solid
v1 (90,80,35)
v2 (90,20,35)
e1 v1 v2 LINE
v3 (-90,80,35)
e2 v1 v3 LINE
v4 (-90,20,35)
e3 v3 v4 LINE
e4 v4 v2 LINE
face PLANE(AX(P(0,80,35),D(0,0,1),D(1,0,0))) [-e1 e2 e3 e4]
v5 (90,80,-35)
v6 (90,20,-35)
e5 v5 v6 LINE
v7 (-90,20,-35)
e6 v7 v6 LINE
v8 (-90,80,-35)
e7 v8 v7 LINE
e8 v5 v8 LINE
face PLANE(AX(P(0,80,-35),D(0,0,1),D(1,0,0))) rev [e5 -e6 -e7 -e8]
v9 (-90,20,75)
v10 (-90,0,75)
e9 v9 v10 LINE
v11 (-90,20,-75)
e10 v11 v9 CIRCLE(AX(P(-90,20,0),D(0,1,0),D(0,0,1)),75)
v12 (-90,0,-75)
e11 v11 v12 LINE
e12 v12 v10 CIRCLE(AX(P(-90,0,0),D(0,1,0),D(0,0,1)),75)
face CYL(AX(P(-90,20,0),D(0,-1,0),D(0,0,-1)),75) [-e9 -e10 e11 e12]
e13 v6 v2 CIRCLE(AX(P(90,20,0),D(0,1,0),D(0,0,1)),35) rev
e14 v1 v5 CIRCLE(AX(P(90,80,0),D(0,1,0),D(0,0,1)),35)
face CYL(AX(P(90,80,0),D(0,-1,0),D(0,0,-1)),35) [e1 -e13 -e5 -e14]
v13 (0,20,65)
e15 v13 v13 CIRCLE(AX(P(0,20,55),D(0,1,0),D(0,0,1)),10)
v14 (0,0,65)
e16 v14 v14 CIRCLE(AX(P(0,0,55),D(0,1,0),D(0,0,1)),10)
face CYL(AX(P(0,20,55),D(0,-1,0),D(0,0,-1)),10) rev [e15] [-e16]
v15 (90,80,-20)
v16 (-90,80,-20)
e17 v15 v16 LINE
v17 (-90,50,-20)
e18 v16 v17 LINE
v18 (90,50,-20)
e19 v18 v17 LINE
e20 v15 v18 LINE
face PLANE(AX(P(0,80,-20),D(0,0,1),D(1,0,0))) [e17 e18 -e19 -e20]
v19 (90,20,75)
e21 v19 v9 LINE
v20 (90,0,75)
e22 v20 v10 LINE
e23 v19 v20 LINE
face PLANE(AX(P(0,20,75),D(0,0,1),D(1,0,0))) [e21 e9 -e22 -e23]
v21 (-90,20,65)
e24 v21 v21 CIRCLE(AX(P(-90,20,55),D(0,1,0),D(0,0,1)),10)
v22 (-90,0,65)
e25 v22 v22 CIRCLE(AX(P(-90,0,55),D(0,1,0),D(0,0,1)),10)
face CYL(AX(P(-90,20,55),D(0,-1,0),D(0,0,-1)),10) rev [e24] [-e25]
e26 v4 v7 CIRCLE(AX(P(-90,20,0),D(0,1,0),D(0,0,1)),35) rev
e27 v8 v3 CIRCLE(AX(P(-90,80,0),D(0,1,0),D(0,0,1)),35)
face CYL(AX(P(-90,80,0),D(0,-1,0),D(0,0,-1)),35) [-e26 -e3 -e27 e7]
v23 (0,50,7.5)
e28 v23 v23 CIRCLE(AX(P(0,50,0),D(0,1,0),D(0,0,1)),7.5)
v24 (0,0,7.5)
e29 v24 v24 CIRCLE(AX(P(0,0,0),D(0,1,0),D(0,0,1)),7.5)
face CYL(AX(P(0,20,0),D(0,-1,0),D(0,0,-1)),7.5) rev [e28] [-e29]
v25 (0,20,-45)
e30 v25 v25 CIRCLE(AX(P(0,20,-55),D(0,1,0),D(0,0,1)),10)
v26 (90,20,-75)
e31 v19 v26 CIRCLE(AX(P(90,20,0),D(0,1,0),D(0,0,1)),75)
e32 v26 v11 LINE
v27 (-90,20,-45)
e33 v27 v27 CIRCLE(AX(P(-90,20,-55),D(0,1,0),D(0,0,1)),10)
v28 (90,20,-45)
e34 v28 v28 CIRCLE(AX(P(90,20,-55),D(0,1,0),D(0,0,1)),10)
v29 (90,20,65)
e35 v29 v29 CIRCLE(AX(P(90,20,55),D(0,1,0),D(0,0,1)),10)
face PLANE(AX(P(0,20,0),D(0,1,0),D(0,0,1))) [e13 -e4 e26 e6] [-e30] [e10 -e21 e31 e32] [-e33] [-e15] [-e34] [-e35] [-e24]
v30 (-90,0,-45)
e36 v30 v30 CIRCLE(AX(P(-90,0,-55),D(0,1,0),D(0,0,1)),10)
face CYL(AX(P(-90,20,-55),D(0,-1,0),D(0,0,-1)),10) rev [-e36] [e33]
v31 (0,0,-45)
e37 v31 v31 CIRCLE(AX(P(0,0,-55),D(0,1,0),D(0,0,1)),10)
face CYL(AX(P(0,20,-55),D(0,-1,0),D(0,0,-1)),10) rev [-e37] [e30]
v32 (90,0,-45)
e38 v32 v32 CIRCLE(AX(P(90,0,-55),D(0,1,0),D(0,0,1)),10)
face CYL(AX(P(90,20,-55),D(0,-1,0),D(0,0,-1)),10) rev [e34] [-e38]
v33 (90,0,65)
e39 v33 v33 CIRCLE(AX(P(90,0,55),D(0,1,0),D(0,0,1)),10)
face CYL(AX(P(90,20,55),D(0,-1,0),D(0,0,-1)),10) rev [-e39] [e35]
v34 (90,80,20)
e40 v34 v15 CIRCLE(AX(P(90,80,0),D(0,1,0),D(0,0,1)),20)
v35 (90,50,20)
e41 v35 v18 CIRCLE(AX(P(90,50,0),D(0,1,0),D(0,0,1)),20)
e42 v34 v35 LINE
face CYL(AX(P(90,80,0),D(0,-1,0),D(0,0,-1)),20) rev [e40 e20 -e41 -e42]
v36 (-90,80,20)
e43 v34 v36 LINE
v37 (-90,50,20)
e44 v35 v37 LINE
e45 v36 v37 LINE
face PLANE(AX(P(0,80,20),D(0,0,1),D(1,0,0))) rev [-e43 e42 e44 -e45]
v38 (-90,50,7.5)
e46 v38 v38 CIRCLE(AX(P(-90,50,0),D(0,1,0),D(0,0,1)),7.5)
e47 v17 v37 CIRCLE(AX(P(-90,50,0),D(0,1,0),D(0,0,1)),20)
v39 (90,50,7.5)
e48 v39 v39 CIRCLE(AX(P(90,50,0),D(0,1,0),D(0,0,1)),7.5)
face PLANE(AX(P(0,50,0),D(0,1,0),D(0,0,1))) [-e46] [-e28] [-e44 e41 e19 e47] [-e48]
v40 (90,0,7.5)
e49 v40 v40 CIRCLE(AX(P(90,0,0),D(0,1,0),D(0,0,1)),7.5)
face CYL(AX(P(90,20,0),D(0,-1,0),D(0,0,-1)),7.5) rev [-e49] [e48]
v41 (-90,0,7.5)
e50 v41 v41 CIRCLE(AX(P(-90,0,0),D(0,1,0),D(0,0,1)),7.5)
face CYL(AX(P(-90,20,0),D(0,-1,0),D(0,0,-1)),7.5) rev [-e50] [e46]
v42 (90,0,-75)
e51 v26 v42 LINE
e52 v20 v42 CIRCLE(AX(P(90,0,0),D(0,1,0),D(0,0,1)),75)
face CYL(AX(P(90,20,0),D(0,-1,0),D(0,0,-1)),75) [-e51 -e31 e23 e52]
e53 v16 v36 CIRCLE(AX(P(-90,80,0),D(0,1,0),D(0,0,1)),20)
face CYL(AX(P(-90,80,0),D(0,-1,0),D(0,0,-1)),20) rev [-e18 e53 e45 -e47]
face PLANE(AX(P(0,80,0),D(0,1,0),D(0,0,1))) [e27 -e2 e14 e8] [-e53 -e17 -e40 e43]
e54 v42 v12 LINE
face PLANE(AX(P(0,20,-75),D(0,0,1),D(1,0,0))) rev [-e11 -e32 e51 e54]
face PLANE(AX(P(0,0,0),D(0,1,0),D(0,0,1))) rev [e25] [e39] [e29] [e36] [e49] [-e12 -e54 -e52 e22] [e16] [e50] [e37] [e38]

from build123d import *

# Parameters (mm, degrees)
SKETCH1_R           = 10
SKETCH1_R_2         = 7.5
BOSS_EXTRUDE1_DEPTH = 20
SKETCH1_4_R         = 7.5
BOSS_EXTRUDE2_DEPTH = 50
BOSS_EXTRUDE3_DEPTH = 80


with BuildPart() as part:
    # Sketch1 → Boss-Extrude1 (new body)
    with BuildSketch(Plane(origin=(0, 0, 0), x_dir=(1, 0, 0), z_dir=(0, 1, 0))):
        with BuildLine():
            Line((-90, -75), (90, -75))
            ThreePointArc((90, -75), (165, 0), (90, 75))
            Line((90, 75), (-90, 75))
            ThreePointArc((-90, 75), (-165, 0), (-90, -75))
        make_face()
        with Locations((-90, -55)):
            Circle(SKETCH1_R, mode=Mode.SUBTRACT)
        with Locations((0, -55)):
            Circle(SKETCH1_R, mode=Mode.SUBTRACT)
        with Locations((90, -55)):
            Circle(SKETCH1_R, mode=Mode.SUBTRACT)
        with Locations((-90, 55)):
            Circle(SKETCH1_R, mode=Mode.SUBTRACT)
        with Locations((0, 55)):
            Circle(SKETCH1_R, mode=Mode.SUBTRACT)
        with Locations((90, 55)):
            Circle(SKETCH1_R, mode=Mode.SUBTRACT)
        with Locations((90, 0)):
            Circle(SKETCH1_R_2, mode=Mode.SUBTRACT)
        with Locations((-90, 0)):
            Circle(SKETCH1_R_2, mode=Mode.SUBTRACT)
        Circle(SKETCH1_R_2, mode=Mode.SUBTRACT)
    extrude(amount=BOSS_EXTRUDE1_DEPTH)

    # Sketch1<4> → Boss-Extrude2 (add)
    with BuildSketch(Plane(origin=(0, 0, 0), x_dir=(1, 0, 0), z_dir=(0, 1, 0))):
        with BuildLine():
            Line((-90, -20), (90, -20))
            ThreePointArc((90, -20), (110, 0), (90, 20))
            Line((90, 20), (-90, 20))
            ThreePointArc((-90, 20), (-110, 0), (-90, -20))
        make_face()
        with Locations((-90, 0)):
            Circle(SKETCH1_4_R, mode=Mode.SUBTRACT)
        Circle(SKETCH1_4_R, mode=Mode.SUBTRACT)
        with Locations((90, 0)):
            Circle(SKETCH1_4_R, mode=Mode.SUBTRACT)
    extrude(amount=BOSS_EXTRUDE2_DEPTH)

    # Sketch1<5> → Boss-Extrude3 (add)
    with BuildSketch(Plane(origin=(0, 0, 0), x_dir=(1, 0, 0), z_dir=(0, 1, 0))):
        with BuildLine():
            Line((-90, -35), (90, -35))
            ThreePointArc((90, -35), (125, 0), (90, 35))
            Line((90, 35), (-90, 35))
            ThreePointArc((-90, 35), (-125, 0), (-90, -35))
        make_face()
        with BuildLine():
            ThreePointArc((90, 20), (110, 0), (90, -20))
            Line((90, -20), (-90, -20))
            ThreePointArc((-90, -20), (-110, 0), (-90, 20))
            Line((-90, 20), (90, 20))
        make_face(mode=Mode.SUBTRACT)
    extrude(amount=BOSS_EXTRUDE3_DEPTH)


solid = part.part
